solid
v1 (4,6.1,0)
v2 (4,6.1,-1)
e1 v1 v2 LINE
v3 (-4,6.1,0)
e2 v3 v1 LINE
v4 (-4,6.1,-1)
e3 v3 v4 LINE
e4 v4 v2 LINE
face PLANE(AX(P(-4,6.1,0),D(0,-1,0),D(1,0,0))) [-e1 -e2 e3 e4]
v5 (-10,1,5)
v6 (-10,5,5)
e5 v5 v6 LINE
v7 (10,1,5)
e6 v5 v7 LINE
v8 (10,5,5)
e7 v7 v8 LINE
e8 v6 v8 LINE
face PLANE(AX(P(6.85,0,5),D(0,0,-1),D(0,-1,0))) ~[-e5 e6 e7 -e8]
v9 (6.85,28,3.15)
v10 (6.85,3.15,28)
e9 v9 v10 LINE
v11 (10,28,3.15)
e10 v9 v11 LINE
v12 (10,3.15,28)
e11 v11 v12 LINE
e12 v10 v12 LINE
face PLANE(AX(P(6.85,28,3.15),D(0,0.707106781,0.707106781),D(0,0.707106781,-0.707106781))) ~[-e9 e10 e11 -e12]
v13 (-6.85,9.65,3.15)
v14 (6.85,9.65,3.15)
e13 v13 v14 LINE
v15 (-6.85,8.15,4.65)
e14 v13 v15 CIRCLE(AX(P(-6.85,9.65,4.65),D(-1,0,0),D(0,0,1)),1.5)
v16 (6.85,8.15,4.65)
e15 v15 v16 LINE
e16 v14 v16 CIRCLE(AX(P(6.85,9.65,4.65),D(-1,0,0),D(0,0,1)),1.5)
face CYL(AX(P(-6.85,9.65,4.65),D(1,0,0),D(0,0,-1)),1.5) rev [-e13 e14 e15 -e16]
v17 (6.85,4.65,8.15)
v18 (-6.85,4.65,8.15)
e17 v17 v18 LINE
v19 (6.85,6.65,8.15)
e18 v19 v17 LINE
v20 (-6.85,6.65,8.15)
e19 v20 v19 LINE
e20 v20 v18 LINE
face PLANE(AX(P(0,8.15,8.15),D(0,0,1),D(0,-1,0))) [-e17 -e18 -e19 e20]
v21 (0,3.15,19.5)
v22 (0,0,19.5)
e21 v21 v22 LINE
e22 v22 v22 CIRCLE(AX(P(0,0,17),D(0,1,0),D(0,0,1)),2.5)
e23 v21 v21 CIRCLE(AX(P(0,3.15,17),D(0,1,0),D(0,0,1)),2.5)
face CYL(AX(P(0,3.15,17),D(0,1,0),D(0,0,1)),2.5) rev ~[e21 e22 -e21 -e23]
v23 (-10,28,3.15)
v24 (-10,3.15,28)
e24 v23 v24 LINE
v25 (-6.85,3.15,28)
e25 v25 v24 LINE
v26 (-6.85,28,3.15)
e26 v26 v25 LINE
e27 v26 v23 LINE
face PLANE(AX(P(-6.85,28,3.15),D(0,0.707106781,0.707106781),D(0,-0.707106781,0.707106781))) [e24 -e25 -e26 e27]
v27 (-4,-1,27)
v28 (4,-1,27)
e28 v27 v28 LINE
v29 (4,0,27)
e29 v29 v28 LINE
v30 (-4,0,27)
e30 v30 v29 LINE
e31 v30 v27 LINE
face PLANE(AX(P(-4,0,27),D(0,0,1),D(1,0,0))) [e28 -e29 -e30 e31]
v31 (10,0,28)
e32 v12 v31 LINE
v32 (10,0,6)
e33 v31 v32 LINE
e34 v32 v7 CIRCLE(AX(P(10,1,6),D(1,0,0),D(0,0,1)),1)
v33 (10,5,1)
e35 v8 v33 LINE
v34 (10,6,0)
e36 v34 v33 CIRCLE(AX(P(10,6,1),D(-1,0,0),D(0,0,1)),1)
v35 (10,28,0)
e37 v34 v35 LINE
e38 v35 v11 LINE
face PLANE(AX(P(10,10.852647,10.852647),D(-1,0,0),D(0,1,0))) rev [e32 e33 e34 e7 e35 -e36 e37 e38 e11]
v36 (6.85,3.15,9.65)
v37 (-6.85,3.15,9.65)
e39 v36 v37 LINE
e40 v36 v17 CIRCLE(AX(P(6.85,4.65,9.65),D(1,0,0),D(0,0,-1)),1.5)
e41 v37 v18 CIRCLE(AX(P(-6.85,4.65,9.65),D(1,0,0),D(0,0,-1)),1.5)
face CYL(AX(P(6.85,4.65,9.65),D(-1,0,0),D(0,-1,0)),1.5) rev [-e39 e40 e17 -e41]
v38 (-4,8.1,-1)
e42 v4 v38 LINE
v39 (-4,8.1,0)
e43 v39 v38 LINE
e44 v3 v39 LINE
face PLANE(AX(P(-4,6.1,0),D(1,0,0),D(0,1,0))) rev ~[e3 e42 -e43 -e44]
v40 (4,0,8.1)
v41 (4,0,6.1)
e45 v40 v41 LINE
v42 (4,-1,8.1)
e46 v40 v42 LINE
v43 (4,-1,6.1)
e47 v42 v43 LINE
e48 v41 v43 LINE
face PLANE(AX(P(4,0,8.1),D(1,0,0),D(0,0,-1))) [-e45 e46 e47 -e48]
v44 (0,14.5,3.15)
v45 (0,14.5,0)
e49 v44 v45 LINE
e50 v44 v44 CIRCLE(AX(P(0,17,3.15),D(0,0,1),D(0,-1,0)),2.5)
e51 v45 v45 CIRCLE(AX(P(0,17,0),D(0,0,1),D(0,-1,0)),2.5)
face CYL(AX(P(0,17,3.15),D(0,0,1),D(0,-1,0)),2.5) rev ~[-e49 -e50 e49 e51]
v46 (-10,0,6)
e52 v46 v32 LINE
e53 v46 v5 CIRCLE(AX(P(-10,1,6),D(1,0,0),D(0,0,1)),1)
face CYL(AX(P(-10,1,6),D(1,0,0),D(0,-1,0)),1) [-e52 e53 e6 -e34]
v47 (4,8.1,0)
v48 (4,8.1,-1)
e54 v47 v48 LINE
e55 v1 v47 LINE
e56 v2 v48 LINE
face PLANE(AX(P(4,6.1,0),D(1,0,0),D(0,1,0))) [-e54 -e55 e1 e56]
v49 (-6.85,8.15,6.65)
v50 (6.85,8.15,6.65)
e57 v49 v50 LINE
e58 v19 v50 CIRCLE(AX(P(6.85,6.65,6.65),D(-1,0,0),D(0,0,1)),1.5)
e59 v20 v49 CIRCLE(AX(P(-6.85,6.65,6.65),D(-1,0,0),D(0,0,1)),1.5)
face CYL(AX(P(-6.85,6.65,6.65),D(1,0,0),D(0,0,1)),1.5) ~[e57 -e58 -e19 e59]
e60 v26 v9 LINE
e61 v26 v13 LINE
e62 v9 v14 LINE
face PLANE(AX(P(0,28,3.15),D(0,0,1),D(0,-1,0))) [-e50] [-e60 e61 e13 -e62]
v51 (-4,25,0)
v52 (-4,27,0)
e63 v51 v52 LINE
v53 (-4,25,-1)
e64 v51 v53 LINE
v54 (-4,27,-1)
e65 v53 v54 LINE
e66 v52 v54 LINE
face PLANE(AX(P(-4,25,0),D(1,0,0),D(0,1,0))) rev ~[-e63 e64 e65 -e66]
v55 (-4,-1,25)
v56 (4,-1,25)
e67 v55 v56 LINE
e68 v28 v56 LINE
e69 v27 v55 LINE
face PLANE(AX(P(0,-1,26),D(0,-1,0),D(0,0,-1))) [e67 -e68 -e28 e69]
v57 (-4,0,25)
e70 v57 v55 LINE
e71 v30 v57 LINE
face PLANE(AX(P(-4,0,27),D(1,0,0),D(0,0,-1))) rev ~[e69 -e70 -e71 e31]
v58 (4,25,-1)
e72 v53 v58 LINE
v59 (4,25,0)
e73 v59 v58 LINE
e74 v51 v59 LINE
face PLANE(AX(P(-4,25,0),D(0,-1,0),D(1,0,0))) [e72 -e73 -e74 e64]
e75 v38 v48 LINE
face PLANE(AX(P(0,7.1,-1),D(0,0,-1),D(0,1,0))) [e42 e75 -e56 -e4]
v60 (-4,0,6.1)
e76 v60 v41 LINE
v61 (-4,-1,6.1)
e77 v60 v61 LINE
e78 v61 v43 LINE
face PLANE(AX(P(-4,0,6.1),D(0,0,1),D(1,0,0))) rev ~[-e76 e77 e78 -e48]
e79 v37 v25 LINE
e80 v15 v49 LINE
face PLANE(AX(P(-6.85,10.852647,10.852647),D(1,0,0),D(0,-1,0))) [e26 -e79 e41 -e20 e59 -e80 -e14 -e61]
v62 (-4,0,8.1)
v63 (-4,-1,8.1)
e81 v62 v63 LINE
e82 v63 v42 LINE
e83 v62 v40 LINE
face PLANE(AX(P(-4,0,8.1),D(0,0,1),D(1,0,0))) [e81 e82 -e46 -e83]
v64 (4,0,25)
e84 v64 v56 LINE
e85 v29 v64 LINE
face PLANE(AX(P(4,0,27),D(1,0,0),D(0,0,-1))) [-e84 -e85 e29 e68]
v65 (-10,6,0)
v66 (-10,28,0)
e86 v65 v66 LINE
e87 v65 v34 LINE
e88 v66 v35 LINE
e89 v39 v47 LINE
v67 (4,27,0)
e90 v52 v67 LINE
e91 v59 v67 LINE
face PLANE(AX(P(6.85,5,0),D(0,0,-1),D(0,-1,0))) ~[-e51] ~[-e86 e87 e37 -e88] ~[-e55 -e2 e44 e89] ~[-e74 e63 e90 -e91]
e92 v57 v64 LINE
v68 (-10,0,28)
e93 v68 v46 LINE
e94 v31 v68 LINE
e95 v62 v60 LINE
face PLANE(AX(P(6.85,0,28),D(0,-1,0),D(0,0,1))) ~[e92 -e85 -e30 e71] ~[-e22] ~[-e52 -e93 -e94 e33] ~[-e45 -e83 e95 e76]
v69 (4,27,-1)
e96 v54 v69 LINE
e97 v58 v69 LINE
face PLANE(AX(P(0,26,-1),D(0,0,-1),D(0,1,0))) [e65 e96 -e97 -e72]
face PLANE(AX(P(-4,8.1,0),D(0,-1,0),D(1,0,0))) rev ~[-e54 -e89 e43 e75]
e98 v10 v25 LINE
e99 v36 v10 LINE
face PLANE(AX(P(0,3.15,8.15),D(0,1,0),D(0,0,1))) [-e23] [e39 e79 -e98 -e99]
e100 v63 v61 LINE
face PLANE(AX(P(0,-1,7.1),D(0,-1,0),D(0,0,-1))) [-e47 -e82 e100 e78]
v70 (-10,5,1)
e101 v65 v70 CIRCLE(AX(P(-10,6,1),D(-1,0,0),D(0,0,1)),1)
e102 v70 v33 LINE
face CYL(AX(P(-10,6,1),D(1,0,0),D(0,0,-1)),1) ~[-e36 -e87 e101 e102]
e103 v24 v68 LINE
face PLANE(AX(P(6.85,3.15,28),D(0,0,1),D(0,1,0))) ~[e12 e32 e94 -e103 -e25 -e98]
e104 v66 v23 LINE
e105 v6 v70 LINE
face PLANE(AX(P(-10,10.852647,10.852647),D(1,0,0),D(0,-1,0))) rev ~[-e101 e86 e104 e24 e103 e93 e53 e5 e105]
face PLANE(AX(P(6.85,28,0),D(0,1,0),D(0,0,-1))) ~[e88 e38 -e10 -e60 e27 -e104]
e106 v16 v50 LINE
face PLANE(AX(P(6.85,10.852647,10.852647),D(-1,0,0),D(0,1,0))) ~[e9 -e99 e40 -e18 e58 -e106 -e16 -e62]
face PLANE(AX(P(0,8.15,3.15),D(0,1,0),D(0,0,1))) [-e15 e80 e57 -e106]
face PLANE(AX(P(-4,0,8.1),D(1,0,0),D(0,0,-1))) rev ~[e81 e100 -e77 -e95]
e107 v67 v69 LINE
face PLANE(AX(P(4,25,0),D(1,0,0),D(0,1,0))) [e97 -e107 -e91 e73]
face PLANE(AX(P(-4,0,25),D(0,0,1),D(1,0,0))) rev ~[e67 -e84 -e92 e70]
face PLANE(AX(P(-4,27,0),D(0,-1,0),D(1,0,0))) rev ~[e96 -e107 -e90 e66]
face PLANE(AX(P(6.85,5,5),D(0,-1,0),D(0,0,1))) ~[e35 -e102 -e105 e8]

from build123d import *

# Parameters (mm, degrees)
PAD_DEPTH       = 6.85
PAD001_DEPTH    = 3.15
FILLET_R        = 1
FILLET001_R     = 1.5
SKETCH002_W     = 2
SKETCH002_H     = 8
PAD002_DEPTH    = 1
SKETCH003_W     = 2
SKETCH003_H     = 8
PAD003_DEPTH    = 1
SKETCH004_R     = 2.5
POCKET_DEPTH    = 4.151
SKETCH005_R     = 2.5
POCKET001_DEPTH = 4.151


with BuildPart() as part:
    # Sketch → Pad (new body, symmetric)
    with BuildSketch(Plane.YZ):
        Polygon((0, 28), (0, 5), (5, 5), (5, 0), (28, 0), (28, 3.15), (8.15, 3.15), (8.15, 8.15), (3.15, 8.15), (3.15, 28), align=None)
    extrude(amount=PAD_DEPTH, both=True)

    # Sketch001 (on Face11 of Pad) → Pad001 (join)
    with BuildSketch(Plane(origin=(-6.85, 0, 0), x_dir=(0, 1, 0), z_dir=(-1, 0, 0))):
        Polygon((0, -28), (0, -5), (5, -5), (5, 0), (28, 0), (28, -3.15), (3.15, -28), align=None)
    pad001 = extrude(amount=PAD001_DEPTH)

    # Mirrored: Pad001 across YZ
    add(pad001.mirror(Plane.YZ))

    # Fillet
    fillet_edges = [part.edges().sort_by_distance(p)[0] for p in [
        (0, 5, 0),
        (0, 0, 5),
    ]]
    fillet(fillet_edges, radius=FILLET_R)

    # Fillet001
    fillet001_edges = [part.edges().sort_by_distance(p)[0] for p in [
        (0, 3.15, 8.15),
        (0, 8.15, 8.15),
        (0, 8.15, 3.15),
    ]]
    fillet(fillet001_edges, radius=FILLET001_R)

    # Sketch002 (on Face26 of Fillet001) → Pad002 (join)
    with BuildSketch(Plane(origin=(0, 0, 0), x_dir=(0, 0, -1), z_dir=(0, -1, 0))):
        with Locations((-26, 0)):
            Rectangle(SKETCH002_W, SKETCH002_H)
        with Locations((-7.1, 0)):
            Rectangle(SKETCH002_W, SKETCH002_H)
    extrude(amount=PAD002_DEPTH)

    # Sketch003 (on Face16 of Pad002) → Pad003 (join)
    with BuildSketch(Plane.YX):
        with Locations((7.1, 0)):
            Rectangle(SKETCH003_W, SKETCH003_H)
        with Locations((26, 0)):
            Rectangle(SKETCH003_W, SKETCH003_H)
    extrude(amount=PAD003_DEPTH)

    # Sketch004 (on Face6 of Pad003) → Pocket (cut, through all)
    with BuildSketch(Plane.ZX.offset(3.15)):
        with Locations((17, 0)):
            Circle(SKETCH004_R)
    extrude(amount=-POCKET_DEPTH, mode=Mode.SUBTRACT)

    # Sketch005 (on Face2 of Pocket) → Pocket001 (cut, through all)
    with BuildSketch(Plane(origin=(0, 0, 3.15), x_dir=(0, -1, 0), z_dir=(0, 0, 1))):
        with Locations((-17, 0)):
            Circle(SKETCH005_R)
    extrude(amount=-POCKET001_DEPTH, mode=Mode.SUBTRACT)


solid = part.part
